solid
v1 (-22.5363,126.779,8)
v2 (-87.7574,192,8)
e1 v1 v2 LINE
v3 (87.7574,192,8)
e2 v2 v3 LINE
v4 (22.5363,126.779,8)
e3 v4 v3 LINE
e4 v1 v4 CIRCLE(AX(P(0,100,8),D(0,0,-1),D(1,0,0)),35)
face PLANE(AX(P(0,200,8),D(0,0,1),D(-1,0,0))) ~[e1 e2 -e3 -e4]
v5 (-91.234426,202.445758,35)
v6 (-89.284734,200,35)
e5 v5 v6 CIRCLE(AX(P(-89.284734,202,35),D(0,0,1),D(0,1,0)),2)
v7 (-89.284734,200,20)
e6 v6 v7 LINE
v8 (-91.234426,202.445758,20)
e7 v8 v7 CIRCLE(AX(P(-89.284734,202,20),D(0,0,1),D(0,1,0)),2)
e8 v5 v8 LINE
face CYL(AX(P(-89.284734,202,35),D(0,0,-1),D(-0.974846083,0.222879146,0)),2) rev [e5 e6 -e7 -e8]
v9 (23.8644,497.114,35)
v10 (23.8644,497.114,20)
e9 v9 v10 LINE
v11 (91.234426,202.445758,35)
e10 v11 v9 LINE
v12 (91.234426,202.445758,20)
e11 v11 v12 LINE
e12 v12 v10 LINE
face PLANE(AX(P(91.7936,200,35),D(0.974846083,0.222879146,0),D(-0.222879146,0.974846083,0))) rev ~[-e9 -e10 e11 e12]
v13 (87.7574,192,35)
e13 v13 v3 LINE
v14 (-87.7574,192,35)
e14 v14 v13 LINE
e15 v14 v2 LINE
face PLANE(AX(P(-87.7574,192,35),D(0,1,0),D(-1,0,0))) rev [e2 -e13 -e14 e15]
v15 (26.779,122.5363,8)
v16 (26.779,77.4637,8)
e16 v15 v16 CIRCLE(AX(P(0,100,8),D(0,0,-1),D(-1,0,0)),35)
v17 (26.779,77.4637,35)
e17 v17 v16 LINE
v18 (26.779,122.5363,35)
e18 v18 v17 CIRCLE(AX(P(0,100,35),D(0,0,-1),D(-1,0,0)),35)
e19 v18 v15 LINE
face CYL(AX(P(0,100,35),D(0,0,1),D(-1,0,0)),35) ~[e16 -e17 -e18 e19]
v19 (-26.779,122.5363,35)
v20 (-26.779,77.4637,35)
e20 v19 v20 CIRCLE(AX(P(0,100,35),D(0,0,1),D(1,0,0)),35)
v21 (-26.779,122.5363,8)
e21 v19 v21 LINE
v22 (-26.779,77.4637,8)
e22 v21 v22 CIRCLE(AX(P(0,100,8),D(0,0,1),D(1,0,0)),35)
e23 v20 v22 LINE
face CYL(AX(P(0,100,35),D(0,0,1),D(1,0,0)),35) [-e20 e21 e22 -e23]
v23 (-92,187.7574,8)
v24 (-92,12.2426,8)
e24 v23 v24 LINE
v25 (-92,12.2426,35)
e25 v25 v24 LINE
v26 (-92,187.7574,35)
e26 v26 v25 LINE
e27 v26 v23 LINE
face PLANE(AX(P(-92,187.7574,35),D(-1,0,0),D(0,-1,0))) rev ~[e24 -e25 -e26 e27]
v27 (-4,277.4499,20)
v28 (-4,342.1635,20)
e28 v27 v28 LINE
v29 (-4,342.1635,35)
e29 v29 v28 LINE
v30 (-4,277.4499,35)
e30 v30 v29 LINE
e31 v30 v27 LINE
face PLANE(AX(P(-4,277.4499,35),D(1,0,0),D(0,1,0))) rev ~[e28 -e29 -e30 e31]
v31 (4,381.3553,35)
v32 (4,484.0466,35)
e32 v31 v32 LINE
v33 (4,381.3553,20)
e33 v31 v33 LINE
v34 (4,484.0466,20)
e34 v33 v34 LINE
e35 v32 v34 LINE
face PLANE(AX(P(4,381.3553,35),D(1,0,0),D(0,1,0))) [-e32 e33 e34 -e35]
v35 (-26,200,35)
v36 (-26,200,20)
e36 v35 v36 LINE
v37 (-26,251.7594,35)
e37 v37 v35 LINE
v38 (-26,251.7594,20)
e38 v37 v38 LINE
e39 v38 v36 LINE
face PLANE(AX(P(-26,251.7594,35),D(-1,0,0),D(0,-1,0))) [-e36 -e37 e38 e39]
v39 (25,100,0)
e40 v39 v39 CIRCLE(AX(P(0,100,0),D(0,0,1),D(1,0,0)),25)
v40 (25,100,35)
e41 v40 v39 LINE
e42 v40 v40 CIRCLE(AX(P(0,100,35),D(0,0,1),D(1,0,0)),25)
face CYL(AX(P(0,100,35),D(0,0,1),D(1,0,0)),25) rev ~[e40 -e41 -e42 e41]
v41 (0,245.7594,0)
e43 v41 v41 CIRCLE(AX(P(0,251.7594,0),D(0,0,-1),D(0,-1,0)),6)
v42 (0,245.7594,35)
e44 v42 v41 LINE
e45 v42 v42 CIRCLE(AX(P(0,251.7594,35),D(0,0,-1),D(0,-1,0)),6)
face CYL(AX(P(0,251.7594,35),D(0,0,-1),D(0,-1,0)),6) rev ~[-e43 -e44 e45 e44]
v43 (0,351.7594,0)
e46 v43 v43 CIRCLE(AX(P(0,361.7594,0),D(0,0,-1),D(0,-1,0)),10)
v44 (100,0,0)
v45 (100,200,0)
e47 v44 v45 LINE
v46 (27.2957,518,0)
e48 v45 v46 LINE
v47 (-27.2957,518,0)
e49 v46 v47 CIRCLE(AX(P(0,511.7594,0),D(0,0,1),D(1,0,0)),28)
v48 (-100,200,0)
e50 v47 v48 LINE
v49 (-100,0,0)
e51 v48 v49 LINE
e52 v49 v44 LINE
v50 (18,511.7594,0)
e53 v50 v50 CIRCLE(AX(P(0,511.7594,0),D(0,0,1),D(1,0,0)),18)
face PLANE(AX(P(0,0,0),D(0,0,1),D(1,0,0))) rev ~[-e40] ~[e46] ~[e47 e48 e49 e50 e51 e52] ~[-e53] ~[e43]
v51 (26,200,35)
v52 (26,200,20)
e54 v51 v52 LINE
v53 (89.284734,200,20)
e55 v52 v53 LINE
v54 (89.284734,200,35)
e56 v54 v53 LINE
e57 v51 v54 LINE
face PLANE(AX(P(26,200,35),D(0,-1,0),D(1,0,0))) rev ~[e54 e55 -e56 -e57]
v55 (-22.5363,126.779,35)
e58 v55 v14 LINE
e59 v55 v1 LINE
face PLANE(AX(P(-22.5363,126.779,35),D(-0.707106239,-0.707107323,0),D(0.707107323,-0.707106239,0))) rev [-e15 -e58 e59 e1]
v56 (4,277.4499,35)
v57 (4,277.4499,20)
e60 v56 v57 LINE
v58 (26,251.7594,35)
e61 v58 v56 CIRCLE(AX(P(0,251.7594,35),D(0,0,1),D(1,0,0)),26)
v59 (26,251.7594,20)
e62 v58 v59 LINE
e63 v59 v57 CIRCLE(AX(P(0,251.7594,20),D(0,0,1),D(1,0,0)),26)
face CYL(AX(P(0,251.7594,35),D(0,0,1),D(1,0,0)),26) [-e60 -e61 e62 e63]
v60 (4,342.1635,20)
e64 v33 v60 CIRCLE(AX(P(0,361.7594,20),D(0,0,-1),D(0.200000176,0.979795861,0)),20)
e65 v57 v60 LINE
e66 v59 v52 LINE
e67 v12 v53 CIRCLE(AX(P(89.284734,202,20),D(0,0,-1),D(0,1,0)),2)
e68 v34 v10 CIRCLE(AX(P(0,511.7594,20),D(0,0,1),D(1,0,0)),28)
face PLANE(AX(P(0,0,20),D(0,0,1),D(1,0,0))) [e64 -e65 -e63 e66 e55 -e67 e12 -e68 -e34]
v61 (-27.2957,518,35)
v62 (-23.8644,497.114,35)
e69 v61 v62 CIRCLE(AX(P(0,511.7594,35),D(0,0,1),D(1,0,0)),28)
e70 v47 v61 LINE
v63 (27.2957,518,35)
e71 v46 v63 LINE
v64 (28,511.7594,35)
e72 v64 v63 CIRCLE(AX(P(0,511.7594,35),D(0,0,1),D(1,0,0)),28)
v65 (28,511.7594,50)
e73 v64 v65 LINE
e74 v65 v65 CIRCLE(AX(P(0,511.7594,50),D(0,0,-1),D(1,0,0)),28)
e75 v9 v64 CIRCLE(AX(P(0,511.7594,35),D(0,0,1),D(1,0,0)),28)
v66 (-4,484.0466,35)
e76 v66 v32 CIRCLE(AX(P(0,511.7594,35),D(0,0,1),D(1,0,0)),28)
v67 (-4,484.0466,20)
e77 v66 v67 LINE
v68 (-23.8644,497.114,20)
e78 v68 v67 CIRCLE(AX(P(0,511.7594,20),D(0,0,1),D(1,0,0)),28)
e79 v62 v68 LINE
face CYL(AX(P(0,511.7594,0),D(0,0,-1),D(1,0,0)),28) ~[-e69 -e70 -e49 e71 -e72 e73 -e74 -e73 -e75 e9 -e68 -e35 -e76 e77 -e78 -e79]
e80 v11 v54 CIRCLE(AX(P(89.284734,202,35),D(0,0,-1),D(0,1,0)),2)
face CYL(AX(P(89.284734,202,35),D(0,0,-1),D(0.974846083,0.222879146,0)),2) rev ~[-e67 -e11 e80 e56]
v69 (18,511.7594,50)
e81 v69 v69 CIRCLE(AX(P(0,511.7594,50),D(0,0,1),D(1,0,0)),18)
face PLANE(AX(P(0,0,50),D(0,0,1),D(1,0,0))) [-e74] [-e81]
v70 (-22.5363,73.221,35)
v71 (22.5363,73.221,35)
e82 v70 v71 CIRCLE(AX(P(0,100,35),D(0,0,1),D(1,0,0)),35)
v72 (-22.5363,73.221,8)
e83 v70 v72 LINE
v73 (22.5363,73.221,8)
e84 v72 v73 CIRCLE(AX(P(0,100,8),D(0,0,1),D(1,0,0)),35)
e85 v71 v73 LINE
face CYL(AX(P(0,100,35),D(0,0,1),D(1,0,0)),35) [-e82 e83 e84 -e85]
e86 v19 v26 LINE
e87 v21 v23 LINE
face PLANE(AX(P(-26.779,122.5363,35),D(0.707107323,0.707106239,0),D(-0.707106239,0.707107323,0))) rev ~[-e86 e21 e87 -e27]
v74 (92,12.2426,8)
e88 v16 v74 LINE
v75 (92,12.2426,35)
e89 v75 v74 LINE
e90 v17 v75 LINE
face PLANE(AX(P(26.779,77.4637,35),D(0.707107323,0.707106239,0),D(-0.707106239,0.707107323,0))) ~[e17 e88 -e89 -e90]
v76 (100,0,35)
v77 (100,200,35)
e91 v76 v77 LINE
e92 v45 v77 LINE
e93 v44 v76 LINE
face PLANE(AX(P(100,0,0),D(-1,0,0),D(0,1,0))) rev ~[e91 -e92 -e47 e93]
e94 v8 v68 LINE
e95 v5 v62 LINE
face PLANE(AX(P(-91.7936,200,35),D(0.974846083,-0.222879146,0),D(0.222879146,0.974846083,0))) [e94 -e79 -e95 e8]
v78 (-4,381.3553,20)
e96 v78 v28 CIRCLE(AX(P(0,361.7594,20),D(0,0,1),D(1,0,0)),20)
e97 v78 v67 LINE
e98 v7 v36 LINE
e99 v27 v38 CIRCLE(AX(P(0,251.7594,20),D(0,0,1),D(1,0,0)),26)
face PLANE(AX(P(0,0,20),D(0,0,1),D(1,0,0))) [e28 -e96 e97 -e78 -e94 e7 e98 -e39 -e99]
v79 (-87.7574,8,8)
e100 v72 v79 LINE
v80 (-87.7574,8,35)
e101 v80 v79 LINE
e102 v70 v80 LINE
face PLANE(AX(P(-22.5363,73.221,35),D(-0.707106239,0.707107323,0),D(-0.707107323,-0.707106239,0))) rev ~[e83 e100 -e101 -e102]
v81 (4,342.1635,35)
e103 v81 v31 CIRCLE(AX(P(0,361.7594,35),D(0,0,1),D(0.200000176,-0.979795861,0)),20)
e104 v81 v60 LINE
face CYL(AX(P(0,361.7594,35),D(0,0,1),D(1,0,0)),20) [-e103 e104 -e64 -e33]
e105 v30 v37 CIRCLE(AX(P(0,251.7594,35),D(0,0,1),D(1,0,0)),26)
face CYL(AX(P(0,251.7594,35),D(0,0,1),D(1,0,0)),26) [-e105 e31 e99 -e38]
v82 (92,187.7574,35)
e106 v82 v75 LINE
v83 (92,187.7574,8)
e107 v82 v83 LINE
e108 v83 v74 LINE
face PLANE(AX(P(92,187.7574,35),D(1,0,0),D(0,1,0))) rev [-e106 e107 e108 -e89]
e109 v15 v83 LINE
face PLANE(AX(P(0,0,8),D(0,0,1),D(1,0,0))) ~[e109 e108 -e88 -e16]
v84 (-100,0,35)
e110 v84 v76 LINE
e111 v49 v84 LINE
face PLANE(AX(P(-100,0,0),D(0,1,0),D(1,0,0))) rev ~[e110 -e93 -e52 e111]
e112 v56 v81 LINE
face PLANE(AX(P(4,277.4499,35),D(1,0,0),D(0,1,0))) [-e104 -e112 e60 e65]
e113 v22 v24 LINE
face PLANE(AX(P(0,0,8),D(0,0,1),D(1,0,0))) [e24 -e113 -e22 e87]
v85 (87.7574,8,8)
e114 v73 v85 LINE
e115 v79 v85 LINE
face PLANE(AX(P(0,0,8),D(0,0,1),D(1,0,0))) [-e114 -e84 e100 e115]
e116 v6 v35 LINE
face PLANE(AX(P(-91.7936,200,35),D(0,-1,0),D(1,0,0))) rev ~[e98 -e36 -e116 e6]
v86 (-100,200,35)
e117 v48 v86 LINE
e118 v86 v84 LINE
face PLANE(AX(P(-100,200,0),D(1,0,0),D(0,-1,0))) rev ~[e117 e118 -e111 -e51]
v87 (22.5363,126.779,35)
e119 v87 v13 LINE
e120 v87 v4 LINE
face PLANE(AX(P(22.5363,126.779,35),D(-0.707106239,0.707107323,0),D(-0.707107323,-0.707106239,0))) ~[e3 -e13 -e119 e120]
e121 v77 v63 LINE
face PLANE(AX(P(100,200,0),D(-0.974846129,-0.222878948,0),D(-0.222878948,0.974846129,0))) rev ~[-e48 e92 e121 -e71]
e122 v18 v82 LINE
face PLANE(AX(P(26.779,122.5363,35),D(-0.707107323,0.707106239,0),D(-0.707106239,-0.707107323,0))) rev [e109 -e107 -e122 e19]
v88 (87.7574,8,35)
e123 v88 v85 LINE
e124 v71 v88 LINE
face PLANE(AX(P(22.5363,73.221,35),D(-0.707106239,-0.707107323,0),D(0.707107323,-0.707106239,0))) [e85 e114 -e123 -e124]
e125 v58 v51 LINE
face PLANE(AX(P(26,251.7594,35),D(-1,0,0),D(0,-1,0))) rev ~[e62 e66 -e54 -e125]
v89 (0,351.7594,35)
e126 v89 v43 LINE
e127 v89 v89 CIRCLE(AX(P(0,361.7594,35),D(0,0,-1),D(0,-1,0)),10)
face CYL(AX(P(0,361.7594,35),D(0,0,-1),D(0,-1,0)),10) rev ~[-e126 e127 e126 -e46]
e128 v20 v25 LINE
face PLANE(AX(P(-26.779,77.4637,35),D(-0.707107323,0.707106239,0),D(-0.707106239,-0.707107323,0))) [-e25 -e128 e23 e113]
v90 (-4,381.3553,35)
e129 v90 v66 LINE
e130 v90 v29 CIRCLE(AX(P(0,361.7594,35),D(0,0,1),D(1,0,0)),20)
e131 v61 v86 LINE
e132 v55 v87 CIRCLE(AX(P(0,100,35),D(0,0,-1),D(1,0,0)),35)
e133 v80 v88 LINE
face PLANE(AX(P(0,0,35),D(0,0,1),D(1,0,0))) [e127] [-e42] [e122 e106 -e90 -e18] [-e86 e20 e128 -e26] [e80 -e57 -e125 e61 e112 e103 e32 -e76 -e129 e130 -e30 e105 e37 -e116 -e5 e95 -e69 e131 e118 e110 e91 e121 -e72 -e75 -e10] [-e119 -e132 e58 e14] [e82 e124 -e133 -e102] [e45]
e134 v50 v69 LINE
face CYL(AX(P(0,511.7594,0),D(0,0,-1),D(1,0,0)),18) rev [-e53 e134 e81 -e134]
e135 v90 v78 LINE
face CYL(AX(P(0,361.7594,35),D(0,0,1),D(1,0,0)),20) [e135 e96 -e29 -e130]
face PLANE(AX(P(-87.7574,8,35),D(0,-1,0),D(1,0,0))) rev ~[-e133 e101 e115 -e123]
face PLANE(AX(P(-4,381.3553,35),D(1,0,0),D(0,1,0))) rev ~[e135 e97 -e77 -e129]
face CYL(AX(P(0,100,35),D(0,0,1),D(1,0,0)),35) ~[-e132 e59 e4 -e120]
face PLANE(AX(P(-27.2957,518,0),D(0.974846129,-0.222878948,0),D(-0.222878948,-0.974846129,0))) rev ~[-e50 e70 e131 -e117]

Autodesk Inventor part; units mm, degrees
ref_plane "XY Plane" through (0, 0, 0) normal (0, 0, 1) x (1, 0, 0)
sketch "Skizze1" plane through (0, 0, 0) normal (0, 0, 1) x (1, 0, 0)
  line L0 (-100, 0) -> (100, 0)
  line L1 (100, 0) -> (100, 200)
  circle A0 centre (0, 511.7594) radius 28
  line L2 (-27.2957, 518) -> (-100, 200)
  line L3 (-100, 200) -> (-100, 0)
  line L4 (0, 511.7594) -> (0, 0) construction
  circle A1 centre (0, 511.7594) radius 18
  line L5 (100, 200) -> (27.2957, 518)
  point P0 (27.2957, 518)
  dimension "d0" = 56
  dimension "d1" = 36
  dimension "d2" = 518
  dimension "d3" = 200
  dimension "d4" = 200
  dimension "d8" = 318
extrude "Extrusion1" add sketch "Skizze1" along normal blind 50 contours A0
extrude "Extrusion2" add sketch "Skizze1" along normal blind 35 contours L3 L2 A0 L5 L1 L0
sketch "Skizze6" plane through (0, 0, 35) normal (0, 0, 1) x (1, 0, 0)
  line L0 (-100, 200) -> (-100, 0) projected
  line L1 (100, 0) -> (100, 200) projected
  line L2 (-100, 0) -> (100, 0) projected
  line L3 (0, 0) -> (0, 223.6261) construction
  line L4 (100, 100) -> (-100, 100) construction
  line L5 (0, 100) -> (-100, 200) construction
  circle A0 centre (0, 100) radius 35
  line L6 (-92, 8) -> (92, 8)
  line L7 (92, 8) -> (92, 192)
  line L8 (92, 192) -> (-92, 192)
  line L9 (-92, 192) -> (-92, 8)
  line L10 (-26.779, 122.5363) -> (-92, 187.7574)
  line L11 (-22.5363, 126.779) -> (-87.7574, 192)
  line L12 (0, 100) -> (-92, 8) construction
  line L13 (-22.5363, 73.221) -> (-87.7574, 8)
  line L14 (-26.779, 77.4637) -> (-92, 12.2426)
  line L15 (0, 100) -> (92, 8) construction
  line L16 (26.779, 77.4637) -> (92, 12.2426)
  line L17 (22.5363, 73.221) -> (87.7574, 8)
  point P0 (0, 8)
  point P1 (0, 0)
  dimension "d36" = 100
  dimension "d37" = 70
  dimension "d38" = 8
  dimension "d39" = 8
  dimension "d40" = 8
  dimension "d41" = 6
  dimension "d42" = 45
  dimension "d43" = 6
  dimension "d47" = 6
ref_plane "Arbeitsebene1" through (0, 0, 0) normal (1, 0, 0) x (0, 1, 0)
extrude "Extrusion8" cut sketch "Skizze6" against normal blind 27 contours A0 L14 L9 L10
extrude "Extrusion9" cut sketch "Skizze6" against normal blind 27 contours L17 L6 L13 A0
mirror "Spiegeln2" about plane through (0, 0, 0) normal (1, 0, 0) of "Extrusion8"
ref_plane "Arbeitsebene2" through (0, 100, 0) normal (0, 1, 0) x (-1, 0, 0)
mirror "Spiegeln3" about plane through (0, 100, 0) normal (0, 1, 0) of "Extrusion9"
sketch "Skizze7" plane through (0, 0, 35) normal (0, 0, 1) x (1, 0, 0)
  circle A0 centre (0, 100) radius 25
  line L0 (-100, 0) -> (100, 0) projected
  point P0 (0, 0)
  point P1 (0, 0)
  point P2 (0, 0)
  dimension "d53" = 50
  dimension "d54" = 100
extrude "Extrusion10" cut sketch "Skizze7" against normal up to surface (35 mm away)
sketch "Skizze8" plane through (0, 0, 35) normal (0, 0, 1) x (1, 0, 0)
  line L0 (-87.7574, 192) -> (87.7574, 192) projected
  circle A0 centre (0, 511.7594) radius 28 projected
  line L1 (91.7936, 200) -> (23.8644, 497.114)
  line L2 (-91.7936, 200) -> (-23.8644, 497.114)
  line L3 (-27.2957, 518) -> (-100, 200) projected
  line L4 (100, 200) -> (27.2957, 518) projected
  arc A1 (26, 251.7594) -> (-26, 251.7594) centre (0, 251.7594) ccw
  line L5 (-26, 251.7594) -> (-26, 200)
  line L6 (26, 251.7594) -> (26, 200)
  line L7 (0, 511.7594) -> (0, 277.7594) construction
  line L8 (-91.7936, 200) -> (-26, 200)
  line L9 (26, 200) -> (91.7936, 200)
  line L10 (-100, 0) -> (100, 0) projected
  circle A2 centre (0, 361.7594) radius 20
  line L11 (-4, 277.4499) -> (-4, 342.1635)
  line L12 (4, 277.4499) -> (4, 342.1635)
  line L13 (-4, 381.3553) -> (-4, 484.0466)
  line L14 (4, 381.3553) -> (4, 484.0466)
  point P0 (0, 0)
  point P1 (0, 0)
  dimension "d57" = 8
  dimension "d60" = 8
  dimension "d64" = 260
  dimension "d65" = 26
  dimension "d66" = 40
  dimension "d67" = 110
  dimension "d68" = 8
extrude "Extrusion11" cut sketch "Skizze8" against normal blind 15 contours L1 L9 L6 A1 L12 A2 L14 A0 | A0 L13 A2 L11 A1 L5 L8 L2
sketch "Skizze9" plane through (0, 0, 35) normal (0, 0, 1) x (1, 0, 0)
  arc A0 (26, 251.7594) -> (4, 277.4499) centre (0, 251.7594) ccw projected
  point P0 (0, 0)
hole "Bohrung1" at (0, 251.7594, 35) direction (0, 0, -1) diameter 12 depth 35
sketch "Skizze10" plane through (0, 0, 35) normal (0, 0, 1) x (1, 0, 0)
  arc A0 (-4, 381.3553) -> (-4, 342.1635) centre (0, 361.7594) ccw projected
  point P0 (0, 0)
hole "Bohrung2" at (0, 361.7594, 35) direction (0, 0, -1) diameter 20 depth 35
fillet "Rundung1" radius 2 2 edges at (-91.7936, 200, 27.5) (91.7936, 200, 27.5)
equation "\"d43\" = d41"
equation "\"d47\" = d41"
properties part number "boat" material "Stahl, galvanisiert"
